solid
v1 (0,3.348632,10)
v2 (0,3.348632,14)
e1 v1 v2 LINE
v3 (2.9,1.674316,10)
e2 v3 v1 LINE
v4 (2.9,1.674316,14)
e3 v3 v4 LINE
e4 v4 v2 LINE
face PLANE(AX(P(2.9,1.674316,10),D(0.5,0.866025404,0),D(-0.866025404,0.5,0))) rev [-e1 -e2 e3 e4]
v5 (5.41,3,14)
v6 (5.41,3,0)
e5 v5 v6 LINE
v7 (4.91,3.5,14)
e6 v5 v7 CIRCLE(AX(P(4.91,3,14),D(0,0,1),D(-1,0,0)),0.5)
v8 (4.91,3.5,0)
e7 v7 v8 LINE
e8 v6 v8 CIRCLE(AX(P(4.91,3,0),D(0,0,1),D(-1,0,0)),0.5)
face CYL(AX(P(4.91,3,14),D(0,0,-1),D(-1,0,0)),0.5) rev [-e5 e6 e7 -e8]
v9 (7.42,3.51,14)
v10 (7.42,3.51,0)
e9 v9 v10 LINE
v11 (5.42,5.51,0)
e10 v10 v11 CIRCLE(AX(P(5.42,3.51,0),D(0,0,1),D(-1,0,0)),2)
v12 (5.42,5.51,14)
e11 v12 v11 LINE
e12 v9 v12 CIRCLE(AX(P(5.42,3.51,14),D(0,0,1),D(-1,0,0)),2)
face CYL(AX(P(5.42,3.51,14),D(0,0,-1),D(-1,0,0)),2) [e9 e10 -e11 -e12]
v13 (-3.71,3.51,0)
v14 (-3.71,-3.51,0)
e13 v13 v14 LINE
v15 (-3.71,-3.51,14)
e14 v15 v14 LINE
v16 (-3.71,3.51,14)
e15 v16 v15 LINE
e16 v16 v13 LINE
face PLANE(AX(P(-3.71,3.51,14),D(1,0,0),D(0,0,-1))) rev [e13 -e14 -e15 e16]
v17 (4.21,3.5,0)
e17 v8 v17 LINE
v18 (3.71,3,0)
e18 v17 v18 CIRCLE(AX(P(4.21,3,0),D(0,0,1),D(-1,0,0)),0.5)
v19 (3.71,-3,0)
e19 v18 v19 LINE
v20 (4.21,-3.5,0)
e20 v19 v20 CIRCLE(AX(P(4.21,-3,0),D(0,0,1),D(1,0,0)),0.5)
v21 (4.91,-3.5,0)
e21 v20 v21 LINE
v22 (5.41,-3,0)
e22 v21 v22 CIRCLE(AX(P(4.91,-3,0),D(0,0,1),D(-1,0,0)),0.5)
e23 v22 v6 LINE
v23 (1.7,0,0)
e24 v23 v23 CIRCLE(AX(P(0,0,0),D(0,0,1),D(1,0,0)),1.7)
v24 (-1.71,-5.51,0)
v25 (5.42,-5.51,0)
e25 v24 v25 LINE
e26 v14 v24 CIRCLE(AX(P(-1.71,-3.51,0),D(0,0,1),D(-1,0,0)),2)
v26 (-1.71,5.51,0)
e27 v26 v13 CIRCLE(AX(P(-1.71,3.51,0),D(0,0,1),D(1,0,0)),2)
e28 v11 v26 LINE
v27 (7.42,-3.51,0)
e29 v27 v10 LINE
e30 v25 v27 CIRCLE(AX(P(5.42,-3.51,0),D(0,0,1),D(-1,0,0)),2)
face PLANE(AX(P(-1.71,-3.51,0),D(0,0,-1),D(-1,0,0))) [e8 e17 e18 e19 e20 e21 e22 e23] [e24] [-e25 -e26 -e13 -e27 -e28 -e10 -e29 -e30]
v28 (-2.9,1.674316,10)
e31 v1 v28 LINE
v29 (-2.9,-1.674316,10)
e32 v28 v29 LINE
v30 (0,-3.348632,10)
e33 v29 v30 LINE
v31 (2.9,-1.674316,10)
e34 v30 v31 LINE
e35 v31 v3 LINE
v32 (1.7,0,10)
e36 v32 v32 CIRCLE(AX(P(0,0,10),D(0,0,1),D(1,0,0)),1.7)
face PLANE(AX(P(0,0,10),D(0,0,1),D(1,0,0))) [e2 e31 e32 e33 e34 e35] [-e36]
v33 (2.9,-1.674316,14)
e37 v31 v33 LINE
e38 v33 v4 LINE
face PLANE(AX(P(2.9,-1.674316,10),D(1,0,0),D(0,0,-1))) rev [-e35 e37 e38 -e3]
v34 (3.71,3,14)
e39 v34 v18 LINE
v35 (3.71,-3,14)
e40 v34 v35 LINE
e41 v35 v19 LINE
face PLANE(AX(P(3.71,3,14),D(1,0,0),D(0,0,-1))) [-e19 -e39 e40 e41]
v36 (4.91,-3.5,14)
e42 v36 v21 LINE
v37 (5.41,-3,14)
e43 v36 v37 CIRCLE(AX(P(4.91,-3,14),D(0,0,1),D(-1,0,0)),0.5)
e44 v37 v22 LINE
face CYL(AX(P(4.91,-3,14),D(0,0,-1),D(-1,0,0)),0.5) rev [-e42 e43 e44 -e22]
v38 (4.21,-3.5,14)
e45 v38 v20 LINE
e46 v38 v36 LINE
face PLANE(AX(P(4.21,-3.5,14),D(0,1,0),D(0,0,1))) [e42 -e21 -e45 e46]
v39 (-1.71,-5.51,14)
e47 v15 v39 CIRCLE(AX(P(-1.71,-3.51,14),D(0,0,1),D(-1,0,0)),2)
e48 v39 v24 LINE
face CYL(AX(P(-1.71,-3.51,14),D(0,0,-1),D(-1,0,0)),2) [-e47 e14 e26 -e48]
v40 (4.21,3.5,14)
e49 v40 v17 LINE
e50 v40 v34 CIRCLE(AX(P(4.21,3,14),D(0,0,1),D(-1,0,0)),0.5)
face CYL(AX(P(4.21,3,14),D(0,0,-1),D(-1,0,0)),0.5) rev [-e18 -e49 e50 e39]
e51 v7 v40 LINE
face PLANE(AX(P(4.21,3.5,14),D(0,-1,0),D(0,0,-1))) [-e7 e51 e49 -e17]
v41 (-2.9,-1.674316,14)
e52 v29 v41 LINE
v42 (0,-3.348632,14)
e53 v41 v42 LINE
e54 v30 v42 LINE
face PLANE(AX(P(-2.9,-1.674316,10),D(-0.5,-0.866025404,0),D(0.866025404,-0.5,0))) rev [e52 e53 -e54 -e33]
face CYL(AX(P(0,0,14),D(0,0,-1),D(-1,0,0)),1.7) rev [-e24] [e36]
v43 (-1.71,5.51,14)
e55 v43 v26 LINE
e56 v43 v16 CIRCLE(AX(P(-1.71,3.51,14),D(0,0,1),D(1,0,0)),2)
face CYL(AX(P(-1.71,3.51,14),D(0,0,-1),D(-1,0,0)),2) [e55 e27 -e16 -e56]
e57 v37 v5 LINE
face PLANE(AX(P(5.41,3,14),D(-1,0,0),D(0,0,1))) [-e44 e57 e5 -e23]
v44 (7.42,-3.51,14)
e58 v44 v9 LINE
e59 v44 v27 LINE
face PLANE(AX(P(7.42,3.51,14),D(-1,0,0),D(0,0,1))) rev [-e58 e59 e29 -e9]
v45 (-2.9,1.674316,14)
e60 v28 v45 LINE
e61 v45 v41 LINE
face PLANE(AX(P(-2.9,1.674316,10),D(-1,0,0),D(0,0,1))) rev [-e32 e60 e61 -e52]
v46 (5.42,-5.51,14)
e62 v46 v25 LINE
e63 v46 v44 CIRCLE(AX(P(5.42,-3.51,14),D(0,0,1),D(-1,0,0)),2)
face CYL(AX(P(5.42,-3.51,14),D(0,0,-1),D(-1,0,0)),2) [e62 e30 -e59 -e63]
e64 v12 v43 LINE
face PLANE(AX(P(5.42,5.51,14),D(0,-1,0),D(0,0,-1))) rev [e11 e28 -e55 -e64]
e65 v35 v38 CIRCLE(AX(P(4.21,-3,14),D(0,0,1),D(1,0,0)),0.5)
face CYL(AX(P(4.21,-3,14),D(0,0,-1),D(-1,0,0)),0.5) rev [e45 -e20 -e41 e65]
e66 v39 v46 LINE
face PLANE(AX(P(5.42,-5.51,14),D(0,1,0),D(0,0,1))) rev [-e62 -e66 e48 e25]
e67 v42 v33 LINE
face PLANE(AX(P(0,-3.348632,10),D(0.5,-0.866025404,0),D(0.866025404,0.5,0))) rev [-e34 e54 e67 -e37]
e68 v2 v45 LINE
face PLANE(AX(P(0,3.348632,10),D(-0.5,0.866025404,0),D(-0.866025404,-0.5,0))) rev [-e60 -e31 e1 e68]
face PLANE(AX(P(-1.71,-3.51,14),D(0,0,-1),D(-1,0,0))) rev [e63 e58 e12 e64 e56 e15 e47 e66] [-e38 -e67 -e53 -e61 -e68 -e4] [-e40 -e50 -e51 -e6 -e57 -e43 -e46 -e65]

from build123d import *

# Parameters (mm, degrees)
SKETCH1_R           = 1.7
BOSS_EXTRUDE1_DEPTH = 14
CUT_EXTRUDE1_DEPTH  = 4


with BuildPart() as part:
    # Sketch1 → Boss-Extrude1 (new body)
    with BuildSketch(Plane.XY):
        with BuildLine():
            Line((5.42, 5.51), (-1.71, 5.51))
            ThreePointArc((-1.71, 5.51), (-3.124213562, 4.924213562), (-3.71, 3.51))
            Line((-3.71, 3.51), (-3.71, -3.51))
            ThreePointArc((-3.71, -3.51), (-3.124213562, -4.924213562), (-1.71, -5.51))
            Line((-1.71, -5.51), (5.42, -5.51))
            ThreePointArc((5.42, -5.51), (6.834213562, -4.924213562), (7.42, -3.51))
            Line((7.42, -3.51), (7.42, 3.51))
            ThreePointArc((7.42, 3.51), (6.834213562, 4.924213562), (5.42, 5.51))
        make_face()
        Circle(SKETCH1_R, mode=Mode.SUBTRACT)
        with BuildLine():
            Line((4.21, 3.5), (4.91, 3.5))
            ThreePointArc((4.91, 3.5), (5.263553391, 3.353553391), (5.41, 3))
            Line((5.41, 3), (5.41, -3))
            ThreePointArc((5.41, -3), (5.263553391, -3.353553391), (4.91, -3.5))
            Line((4.91, -3.5), (4.21, -3.5))
            ThreePointArc((4.21, -3.5), (3.856446609, -3.353553391), (3.71, -3))
            Line((3.71, -3), (3.71, 3))
            ThreePointArc((3.71, 3), (3.856446609, 3.353553391), (4.21, 3.5))
        make_face(mode=Mode.SUBTRACT)
    extrude(amount=BOSS_EXTRUDE1_DEPTH)

    # Sketch2 → Cut-Extrude1 (cut)
    with BuildSketch(Plane.XY.offset(14)):
        Polygon((0, 3.348631561), (-2.9, 1.674315781), (-2.9, -1.674315781), (0, -3.348631561), (2.9, -1.674315781), (2.9, 1.674315781), align=None)
    extrude(amount=-CUT_EXTRUDE1_DEPTH, mode=Mode.SUBTRACT)


solid = part.part
